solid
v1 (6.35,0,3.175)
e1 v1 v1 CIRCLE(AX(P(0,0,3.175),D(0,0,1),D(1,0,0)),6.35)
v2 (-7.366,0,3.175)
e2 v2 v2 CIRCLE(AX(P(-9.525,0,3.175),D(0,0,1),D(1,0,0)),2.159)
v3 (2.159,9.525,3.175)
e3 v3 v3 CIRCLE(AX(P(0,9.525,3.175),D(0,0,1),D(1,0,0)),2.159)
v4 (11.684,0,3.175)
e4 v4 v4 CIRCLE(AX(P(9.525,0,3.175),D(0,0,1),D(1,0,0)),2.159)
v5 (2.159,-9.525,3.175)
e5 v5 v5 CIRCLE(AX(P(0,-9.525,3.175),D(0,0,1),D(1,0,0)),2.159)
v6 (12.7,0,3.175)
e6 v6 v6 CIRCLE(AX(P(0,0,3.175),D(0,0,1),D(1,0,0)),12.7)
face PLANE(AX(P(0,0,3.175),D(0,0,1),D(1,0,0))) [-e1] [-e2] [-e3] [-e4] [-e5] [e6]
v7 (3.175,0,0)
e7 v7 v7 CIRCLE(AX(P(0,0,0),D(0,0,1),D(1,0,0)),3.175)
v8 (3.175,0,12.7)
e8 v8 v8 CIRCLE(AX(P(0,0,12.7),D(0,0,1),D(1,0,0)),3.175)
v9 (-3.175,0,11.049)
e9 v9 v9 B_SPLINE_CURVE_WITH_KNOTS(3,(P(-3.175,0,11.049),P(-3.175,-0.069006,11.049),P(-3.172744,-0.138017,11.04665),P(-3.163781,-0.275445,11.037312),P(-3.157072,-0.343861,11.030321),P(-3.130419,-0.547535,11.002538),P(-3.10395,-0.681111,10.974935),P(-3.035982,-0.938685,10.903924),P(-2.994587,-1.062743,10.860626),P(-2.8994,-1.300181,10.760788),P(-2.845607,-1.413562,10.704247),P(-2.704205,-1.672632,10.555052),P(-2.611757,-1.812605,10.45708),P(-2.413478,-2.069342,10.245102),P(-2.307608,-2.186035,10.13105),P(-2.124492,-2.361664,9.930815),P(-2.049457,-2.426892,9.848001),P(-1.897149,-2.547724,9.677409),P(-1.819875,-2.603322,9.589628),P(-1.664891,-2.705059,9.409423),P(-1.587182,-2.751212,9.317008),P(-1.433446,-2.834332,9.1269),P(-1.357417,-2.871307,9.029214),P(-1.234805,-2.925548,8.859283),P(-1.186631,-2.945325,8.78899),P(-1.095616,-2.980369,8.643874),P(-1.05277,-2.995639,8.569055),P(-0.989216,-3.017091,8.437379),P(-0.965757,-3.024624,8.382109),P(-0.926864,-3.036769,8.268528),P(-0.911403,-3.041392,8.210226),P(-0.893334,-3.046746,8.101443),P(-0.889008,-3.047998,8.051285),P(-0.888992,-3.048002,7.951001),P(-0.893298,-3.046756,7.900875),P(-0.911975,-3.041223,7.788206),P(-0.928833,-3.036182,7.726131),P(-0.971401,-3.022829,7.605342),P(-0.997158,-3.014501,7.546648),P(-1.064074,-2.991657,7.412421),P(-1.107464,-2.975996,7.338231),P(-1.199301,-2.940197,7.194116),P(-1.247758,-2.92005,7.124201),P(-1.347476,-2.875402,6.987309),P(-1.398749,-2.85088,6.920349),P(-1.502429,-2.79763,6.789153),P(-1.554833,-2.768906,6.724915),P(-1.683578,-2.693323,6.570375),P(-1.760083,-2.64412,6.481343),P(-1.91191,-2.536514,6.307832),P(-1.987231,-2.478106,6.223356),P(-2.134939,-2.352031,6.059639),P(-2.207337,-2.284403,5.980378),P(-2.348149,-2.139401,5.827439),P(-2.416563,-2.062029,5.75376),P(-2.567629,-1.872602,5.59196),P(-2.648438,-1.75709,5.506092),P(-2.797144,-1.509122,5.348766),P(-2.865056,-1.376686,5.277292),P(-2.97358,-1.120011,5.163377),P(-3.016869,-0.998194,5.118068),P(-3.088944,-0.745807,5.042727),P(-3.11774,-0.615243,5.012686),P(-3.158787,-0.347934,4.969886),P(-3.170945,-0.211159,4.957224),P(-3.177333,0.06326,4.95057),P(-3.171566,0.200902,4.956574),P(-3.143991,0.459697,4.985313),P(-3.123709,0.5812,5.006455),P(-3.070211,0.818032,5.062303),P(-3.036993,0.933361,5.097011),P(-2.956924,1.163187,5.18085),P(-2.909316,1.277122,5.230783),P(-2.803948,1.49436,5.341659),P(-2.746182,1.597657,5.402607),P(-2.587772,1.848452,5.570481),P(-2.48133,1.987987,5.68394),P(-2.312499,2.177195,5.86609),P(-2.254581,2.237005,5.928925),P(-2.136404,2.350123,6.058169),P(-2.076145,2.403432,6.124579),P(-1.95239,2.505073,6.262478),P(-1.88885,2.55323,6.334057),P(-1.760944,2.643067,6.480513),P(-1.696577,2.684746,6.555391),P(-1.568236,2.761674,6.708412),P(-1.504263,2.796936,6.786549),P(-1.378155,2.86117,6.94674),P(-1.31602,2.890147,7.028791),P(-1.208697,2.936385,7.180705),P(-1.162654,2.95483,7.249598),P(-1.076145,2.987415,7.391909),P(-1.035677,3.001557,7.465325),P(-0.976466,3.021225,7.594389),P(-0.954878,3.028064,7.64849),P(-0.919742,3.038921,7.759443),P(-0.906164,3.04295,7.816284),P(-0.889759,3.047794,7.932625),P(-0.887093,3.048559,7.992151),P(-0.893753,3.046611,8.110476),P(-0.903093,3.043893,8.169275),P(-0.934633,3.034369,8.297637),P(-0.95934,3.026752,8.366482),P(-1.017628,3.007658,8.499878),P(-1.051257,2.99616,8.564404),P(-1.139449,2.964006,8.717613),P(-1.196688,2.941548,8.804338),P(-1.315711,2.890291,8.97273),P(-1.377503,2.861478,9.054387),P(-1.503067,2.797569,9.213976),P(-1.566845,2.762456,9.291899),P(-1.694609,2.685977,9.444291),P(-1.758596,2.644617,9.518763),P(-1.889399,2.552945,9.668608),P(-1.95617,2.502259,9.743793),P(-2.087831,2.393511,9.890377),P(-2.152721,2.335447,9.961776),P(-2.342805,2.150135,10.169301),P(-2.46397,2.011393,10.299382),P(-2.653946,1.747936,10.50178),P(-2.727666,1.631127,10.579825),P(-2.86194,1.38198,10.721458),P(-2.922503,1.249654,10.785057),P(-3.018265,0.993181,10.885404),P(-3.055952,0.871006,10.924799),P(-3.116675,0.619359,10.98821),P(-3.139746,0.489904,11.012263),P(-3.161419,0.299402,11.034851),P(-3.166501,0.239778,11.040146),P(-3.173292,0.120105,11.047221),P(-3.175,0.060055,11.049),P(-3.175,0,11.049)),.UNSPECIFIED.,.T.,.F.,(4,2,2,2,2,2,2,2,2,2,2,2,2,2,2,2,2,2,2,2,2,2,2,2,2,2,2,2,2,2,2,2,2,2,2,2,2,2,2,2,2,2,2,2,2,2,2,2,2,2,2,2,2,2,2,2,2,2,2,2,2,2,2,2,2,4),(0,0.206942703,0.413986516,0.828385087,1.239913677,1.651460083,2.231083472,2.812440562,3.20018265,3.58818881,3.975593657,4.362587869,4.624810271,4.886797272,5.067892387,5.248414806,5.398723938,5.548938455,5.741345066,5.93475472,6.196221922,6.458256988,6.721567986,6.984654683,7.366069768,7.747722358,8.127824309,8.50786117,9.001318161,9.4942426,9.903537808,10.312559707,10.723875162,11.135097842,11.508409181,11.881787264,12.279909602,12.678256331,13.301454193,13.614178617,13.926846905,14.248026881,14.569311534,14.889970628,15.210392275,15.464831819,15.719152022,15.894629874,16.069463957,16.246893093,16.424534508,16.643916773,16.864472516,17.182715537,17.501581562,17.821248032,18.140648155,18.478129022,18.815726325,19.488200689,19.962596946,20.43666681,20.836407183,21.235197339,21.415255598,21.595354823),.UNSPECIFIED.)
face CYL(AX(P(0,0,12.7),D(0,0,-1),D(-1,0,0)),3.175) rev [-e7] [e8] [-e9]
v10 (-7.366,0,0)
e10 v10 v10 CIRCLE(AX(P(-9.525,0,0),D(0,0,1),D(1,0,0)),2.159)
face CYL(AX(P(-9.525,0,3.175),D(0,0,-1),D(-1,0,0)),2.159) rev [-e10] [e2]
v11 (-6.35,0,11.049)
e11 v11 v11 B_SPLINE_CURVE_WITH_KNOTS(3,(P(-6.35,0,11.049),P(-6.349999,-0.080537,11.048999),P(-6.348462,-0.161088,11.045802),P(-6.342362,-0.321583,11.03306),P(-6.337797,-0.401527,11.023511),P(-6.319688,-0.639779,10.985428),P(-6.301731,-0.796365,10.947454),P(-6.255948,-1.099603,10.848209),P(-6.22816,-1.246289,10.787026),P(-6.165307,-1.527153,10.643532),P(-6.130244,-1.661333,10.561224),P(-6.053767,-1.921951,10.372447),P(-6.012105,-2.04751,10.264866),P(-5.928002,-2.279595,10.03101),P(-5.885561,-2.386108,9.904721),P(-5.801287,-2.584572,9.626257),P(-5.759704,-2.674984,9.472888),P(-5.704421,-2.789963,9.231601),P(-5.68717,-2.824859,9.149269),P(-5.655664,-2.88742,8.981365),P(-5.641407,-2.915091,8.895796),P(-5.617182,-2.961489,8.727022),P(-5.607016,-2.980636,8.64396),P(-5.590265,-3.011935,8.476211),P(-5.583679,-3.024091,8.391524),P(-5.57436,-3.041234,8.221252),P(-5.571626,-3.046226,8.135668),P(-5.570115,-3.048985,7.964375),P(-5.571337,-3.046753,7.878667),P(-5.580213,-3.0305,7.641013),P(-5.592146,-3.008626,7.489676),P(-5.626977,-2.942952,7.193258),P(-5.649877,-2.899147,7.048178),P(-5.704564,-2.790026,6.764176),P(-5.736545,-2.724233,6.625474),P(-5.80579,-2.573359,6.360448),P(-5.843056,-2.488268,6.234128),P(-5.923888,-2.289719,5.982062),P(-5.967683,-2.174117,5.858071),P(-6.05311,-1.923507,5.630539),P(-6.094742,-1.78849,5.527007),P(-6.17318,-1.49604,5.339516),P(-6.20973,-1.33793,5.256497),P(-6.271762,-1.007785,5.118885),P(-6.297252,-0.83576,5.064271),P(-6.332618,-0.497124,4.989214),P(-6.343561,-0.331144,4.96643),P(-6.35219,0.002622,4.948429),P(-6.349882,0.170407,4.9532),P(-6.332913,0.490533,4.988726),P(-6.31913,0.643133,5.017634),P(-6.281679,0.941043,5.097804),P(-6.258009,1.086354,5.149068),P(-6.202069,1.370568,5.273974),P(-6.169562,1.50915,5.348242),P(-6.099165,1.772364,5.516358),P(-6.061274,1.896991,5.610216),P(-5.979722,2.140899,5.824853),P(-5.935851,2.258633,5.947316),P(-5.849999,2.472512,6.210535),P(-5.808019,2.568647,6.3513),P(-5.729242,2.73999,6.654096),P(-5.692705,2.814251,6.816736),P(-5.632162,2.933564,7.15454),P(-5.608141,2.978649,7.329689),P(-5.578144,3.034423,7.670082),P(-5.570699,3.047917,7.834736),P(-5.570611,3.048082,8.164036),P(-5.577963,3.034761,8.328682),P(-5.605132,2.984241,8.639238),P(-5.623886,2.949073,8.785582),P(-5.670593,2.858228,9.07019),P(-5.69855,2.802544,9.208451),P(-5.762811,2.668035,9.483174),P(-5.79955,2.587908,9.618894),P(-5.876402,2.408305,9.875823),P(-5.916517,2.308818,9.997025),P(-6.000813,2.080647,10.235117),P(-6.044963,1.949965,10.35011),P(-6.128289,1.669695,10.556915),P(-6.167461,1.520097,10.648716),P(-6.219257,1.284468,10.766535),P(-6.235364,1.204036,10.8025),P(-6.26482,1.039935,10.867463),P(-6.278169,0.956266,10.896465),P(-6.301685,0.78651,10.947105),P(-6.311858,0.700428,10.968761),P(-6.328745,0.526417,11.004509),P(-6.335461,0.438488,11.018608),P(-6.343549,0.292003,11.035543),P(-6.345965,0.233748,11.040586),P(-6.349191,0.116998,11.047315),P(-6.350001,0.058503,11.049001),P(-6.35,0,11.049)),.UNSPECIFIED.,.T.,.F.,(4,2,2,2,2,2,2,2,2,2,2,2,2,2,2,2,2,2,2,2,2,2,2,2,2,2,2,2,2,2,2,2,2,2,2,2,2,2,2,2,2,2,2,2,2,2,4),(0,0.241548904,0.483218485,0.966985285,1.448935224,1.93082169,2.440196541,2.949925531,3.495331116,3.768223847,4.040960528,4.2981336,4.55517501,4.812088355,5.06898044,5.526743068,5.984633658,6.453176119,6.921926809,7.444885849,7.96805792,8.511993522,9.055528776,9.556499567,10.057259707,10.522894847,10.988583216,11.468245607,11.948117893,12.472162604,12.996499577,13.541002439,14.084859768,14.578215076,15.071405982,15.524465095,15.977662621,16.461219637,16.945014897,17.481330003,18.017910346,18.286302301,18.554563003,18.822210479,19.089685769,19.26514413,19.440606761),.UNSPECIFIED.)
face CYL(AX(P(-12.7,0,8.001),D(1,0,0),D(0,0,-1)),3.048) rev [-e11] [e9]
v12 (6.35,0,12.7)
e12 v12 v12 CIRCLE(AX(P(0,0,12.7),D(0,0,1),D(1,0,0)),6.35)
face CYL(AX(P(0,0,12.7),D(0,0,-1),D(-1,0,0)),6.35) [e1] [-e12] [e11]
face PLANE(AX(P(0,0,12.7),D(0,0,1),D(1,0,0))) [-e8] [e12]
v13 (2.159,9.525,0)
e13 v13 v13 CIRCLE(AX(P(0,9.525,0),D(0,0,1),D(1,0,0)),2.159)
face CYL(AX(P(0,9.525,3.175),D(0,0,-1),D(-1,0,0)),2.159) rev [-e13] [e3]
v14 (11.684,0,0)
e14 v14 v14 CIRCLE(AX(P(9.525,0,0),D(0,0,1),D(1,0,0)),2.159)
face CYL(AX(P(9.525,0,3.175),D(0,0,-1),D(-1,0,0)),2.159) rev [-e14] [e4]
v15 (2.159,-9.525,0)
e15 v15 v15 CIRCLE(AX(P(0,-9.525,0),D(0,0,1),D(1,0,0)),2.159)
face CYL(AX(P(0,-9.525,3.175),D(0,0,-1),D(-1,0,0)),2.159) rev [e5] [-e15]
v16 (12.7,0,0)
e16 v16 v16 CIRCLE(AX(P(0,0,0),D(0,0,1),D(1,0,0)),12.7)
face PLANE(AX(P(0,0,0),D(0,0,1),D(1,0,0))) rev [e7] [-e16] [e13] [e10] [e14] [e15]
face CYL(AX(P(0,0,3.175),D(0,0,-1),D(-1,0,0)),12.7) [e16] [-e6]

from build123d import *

# Parameters (mm, degrees)
SKETCH2_R           = 12.7
SKETCH2_R_2         = 6.35
SKETCH2_R_3         = 2.159
BOSS_EXTRUDE1_DEPTH = 3.175
SKETCH2_3_R         = 6.35
SKETCH2_3_R_2       = 3.175
BOSS_EXTRUDE2_DEPTH = 12.7
SKETCH4_R           = 3.048
CUT_EXTRUDE1_DEPTH  = 12.7


with BuildPart() as part:
    # Sketch2 → Boss-Extrude1 (new body)
    with BuildSketch(Plane.XY):
        Circle(SKETCH2_R)
        Circle(SKETCH2_R_2, mode=Mode.SUBTRACT)
        with Locations((0, 9.525)):
            Circle(SKETCH2_R_3, mode=Mode.SUBTRACT)
        with Locations((9.525, 0)):
            Circle(SKETCH2_R_3, mode=Mode.SUBTRACT)
        with Locations((0, -9.525)):
            Circle(SKETCH2_R_3, mode=Mode.SUBTRACT)
        with Locations((-9.525, 0)):
            Circle(SKETCH2_R_3, mode=Mode.SUBTRACT)
    extrude(amount=BOSS_EXTRUDE1_DEPTH)

    # Sketch2<3> → Boss-Extrude2 (add)
    with BuildSketch(Plane.XY):
        Circle(SKETCH2_3_R)
        Circle(SKETCH2_3_R_2, mode=Mode.SUBTRACT)
    extrude(amount=BOSS_EXTRUDE2_DEPTH)

    # Sketch4 → Cut-Extrude1 (cut)
    with BuildSketch(Plane(origin=(0, 0, 0), x_dir=(0, 0, -1), z_dir=(1, 0, 0))):
        with Locations((-8.001, 0)):
            Circle(SKETCH4_R)
    extrude(amount=-CUT_EXTRUDE1_DEPTH, mode=Mode.SUBTRACT)


solid = part.part
